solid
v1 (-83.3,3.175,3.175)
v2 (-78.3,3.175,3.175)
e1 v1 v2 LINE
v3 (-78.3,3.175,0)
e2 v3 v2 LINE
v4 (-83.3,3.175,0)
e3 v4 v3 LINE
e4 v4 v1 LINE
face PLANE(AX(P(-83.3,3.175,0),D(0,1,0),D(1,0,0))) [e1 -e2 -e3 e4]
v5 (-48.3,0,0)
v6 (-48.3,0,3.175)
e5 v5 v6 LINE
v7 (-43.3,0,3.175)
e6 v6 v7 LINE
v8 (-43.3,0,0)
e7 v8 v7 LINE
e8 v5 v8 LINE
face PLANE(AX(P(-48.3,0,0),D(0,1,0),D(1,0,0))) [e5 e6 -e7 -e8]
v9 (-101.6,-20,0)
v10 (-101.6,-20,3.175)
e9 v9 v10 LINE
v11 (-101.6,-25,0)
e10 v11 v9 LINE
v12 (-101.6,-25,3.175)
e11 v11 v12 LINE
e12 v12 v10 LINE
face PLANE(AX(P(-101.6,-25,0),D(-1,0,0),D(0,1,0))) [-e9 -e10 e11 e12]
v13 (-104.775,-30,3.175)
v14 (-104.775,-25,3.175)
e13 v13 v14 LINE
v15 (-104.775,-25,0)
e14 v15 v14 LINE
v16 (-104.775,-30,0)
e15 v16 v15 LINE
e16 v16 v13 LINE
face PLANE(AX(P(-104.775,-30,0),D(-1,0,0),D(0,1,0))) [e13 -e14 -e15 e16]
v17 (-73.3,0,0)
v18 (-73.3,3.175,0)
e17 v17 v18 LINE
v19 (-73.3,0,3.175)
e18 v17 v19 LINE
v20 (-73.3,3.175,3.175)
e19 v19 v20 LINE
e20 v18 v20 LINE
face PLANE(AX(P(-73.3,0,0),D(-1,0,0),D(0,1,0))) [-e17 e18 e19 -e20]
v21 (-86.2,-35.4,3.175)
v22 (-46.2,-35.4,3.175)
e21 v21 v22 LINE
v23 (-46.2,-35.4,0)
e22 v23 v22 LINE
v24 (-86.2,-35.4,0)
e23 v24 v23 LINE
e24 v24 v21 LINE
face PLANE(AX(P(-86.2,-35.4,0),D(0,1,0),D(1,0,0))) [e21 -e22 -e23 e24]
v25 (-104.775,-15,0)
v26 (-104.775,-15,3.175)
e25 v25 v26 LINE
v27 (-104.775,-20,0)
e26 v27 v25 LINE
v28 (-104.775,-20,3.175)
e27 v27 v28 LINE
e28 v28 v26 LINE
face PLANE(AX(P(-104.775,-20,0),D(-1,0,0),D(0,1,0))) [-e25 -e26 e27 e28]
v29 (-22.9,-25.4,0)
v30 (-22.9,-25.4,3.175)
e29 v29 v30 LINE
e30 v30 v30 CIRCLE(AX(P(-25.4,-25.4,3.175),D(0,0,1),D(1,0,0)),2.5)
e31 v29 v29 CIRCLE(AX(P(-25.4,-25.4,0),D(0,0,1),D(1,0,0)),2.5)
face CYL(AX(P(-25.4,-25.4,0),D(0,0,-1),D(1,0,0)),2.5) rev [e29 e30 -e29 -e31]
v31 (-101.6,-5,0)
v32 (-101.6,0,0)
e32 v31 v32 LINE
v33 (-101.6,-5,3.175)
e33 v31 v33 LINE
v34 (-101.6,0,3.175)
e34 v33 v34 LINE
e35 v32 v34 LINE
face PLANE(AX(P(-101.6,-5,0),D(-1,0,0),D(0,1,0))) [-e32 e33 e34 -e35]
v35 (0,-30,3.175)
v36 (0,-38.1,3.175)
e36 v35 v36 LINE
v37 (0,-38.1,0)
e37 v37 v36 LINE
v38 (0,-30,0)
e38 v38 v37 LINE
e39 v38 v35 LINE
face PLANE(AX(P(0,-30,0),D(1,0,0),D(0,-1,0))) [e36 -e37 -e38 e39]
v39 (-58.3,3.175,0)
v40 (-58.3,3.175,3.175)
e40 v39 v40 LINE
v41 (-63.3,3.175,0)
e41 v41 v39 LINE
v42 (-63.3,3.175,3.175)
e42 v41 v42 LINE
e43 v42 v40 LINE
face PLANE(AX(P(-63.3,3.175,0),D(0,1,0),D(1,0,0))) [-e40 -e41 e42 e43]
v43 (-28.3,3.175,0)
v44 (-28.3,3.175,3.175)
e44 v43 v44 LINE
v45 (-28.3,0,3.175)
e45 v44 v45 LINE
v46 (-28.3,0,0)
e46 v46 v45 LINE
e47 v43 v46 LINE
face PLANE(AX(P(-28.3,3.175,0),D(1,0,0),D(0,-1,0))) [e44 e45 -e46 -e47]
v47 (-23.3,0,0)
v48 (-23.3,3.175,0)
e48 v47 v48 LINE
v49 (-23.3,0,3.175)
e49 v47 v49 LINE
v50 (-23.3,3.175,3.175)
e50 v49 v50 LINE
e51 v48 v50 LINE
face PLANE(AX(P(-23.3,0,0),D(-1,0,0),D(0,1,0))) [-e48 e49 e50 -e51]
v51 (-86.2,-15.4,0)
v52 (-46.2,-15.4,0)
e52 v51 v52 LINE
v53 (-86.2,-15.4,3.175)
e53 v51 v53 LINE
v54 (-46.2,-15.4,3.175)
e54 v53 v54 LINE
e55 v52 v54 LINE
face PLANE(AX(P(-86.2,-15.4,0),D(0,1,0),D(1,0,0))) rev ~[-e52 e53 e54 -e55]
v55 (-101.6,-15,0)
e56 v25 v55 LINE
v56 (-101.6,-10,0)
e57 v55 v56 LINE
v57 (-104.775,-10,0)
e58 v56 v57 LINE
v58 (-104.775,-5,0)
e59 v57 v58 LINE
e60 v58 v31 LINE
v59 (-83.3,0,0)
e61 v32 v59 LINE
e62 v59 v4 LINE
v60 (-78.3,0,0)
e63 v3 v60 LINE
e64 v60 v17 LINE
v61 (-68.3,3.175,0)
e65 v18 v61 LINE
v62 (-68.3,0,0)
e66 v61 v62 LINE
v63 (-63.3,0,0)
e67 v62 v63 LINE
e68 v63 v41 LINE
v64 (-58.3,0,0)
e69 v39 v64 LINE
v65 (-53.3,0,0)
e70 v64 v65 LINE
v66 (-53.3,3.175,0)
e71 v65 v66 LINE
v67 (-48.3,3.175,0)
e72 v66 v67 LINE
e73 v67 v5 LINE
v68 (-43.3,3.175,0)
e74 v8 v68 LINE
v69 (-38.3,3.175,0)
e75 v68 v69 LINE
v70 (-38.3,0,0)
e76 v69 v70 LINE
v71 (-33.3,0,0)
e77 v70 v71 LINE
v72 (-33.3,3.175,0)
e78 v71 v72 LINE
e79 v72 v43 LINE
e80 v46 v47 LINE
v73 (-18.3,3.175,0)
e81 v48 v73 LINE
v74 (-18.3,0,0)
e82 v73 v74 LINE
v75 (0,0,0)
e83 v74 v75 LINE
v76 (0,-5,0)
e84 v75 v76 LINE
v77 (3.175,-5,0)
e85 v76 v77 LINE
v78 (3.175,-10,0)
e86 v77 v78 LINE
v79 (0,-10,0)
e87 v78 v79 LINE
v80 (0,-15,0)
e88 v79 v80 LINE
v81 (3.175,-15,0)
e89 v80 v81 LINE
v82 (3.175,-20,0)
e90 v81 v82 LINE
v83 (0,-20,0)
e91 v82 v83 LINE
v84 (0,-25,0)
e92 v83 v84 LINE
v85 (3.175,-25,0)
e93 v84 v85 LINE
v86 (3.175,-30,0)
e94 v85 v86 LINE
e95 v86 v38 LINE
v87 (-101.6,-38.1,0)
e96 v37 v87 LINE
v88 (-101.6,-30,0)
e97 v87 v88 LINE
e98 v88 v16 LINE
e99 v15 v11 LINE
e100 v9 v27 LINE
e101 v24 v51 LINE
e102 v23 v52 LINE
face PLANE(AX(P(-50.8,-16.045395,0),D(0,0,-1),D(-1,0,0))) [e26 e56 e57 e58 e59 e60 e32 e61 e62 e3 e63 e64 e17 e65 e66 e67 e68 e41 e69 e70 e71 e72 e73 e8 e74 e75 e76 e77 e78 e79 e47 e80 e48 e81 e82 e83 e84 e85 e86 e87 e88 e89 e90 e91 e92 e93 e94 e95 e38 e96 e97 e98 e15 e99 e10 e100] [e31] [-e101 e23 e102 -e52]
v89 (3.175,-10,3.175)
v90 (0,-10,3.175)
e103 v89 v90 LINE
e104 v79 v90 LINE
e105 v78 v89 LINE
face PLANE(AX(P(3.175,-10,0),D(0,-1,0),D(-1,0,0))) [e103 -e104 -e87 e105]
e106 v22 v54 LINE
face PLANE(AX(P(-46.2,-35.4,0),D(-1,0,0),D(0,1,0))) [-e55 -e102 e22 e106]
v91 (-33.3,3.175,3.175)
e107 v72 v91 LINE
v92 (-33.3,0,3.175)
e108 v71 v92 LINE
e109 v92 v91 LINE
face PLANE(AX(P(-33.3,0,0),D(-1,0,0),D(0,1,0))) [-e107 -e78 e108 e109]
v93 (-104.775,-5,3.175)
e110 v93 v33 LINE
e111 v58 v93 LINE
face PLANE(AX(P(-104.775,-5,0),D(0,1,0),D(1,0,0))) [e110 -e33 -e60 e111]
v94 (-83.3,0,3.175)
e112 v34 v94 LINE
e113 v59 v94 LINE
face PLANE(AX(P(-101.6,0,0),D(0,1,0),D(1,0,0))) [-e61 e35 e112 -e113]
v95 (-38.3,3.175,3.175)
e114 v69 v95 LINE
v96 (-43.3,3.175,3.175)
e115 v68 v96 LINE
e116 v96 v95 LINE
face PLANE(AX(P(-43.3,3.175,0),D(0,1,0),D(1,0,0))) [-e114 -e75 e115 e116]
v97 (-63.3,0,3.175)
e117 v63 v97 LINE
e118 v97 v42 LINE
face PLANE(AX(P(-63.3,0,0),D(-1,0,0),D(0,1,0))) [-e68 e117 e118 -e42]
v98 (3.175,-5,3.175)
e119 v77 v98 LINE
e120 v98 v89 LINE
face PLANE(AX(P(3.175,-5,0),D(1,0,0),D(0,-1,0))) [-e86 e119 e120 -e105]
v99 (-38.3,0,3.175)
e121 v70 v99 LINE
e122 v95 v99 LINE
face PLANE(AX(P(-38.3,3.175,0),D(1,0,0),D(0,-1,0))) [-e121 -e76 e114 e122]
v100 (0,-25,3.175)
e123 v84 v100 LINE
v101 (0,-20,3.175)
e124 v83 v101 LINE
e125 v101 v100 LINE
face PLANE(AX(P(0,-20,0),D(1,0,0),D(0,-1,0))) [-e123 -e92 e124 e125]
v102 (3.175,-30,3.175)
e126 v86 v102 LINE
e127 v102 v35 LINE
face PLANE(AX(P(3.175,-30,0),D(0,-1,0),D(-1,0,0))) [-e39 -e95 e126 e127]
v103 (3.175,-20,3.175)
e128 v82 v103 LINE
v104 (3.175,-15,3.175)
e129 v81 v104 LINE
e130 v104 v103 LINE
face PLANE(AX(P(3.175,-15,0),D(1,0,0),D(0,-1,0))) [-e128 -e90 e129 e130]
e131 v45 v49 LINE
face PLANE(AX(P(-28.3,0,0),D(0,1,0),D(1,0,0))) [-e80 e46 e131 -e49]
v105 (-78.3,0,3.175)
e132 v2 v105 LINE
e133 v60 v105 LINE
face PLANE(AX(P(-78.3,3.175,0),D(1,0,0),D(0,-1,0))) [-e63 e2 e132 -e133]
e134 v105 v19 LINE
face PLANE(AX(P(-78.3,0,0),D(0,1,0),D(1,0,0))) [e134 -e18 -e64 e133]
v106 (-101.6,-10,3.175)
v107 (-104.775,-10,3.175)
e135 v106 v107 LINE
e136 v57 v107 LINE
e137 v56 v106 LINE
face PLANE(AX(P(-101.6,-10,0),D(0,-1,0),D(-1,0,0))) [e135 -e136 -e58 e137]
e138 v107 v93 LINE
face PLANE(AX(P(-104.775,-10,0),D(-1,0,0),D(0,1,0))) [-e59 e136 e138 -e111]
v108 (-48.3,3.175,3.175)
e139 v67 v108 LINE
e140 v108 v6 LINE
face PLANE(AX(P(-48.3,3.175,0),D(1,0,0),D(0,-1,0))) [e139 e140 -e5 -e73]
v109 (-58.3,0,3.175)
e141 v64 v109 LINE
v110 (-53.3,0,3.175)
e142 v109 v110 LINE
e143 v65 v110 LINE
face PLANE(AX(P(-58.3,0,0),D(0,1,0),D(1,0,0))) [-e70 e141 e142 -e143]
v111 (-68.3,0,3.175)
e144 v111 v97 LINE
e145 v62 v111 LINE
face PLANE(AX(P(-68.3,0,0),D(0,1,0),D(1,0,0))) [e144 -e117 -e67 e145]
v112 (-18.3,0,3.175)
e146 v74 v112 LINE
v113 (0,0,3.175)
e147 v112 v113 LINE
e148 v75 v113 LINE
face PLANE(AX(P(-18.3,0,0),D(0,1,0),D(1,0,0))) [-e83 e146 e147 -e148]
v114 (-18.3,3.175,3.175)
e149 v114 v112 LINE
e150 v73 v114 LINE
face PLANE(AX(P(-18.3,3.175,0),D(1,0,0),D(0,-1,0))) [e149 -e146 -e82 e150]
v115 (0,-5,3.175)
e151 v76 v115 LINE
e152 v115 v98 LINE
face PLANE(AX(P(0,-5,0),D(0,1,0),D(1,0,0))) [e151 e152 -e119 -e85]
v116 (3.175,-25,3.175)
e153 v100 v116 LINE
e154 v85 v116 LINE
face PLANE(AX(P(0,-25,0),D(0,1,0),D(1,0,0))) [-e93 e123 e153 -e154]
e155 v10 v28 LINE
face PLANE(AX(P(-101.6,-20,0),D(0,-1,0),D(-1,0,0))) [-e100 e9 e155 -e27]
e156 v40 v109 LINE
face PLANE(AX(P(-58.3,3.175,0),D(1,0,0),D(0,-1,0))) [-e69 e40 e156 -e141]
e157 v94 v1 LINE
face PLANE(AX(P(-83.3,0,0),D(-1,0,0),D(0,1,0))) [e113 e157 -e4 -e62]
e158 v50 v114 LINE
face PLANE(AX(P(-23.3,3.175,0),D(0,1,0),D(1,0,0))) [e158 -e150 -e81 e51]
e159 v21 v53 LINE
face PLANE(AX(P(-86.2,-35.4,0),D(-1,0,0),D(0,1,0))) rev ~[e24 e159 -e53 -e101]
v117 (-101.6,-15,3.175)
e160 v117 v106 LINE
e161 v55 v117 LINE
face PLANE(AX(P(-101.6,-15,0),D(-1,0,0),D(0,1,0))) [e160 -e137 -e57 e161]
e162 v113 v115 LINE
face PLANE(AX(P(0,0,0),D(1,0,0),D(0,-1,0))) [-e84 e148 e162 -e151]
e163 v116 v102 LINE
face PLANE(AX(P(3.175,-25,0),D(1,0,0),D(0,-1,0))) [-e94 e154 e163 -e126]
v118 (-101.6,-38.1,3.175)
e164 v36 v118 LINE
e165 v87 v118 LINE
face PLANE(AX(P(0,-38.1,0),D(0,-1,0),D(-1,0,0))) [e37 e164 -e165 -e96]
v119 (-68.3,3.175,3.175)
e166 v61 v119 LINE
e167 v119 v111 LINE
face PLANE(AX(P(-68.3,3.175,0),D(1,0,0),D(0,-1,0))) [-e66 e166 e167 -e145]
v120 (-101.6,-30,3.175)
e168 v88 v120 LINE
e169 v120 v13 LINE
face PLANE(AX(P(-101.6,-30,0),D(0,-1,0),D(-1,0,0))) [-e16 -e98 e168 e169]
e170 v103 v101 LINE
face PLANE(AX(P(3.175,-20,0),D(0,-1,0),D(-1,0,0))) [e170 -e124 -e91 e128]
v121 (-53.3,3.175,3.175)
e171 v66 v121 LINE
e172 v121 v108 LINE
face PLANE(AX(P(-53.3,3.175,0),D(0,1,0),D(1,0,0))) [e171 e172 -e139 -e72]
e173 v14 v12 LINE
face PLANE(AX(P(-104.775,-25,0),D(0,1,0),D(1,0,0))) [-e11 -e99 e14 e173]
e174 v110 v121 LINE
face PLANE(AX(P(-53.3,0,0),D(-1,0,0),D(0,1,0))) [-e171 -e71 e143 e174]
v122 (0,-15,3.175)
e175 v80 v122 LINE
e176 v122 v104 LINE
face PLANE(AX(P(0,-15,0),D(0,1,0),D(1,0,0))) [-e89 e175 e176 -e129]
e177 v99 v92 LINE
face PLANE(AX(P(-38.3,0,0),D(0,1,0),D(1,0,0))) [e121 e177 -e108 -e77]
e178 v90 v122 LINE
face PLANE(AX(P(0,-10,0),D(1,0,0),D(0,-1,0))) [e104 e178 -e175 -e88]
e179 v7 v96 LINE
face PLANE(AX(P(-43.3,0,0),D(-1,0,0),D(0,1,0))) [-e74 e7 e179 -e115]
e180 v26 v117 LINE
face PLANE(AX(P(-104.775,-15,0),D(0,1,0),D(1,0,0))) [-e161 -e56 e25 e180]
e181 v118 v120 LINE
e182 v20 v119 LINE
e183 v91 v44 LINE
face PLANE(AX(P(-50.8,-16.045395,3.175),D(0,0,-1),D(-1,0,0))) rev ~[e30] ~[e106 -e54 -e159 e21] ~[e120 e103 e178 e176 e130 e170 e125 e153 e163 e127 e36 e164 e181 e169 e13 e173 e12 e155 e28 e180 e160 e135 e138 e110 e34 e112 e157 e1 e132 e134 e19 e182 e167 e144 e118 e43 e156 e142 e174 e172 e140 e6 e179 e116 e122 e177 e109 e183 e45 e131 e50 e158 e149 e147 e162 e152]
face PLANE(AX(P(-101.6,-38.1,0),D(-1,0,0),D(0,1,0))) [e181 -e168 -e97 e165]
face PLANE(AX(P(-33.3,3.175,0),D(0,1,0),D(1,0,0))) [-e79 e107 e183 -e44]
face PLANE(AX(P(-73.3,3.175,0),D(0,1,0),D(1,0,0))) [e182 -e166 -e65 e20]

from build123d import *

# Parameters (mm, degrees)
SKETCH1_R           = 2.5
SKETCH1_W           = 40
SKETCH1_H           = 20
BOSS_EXTRUDE1_DEPTH = 3.175


with BuildPart() as part:
    # Sketch1 → Boss-Extrude1 (new body)
    with BuildSketch(Plane.XY):
        Polygon((-101.6, 0), (-83.3, 0), (-83.3, 3.175), (-78.3, 3.175), (-78.3, 0), (-73.3, 0), (-73.3, 3.175), (-68.3, 3.175), (-68.3, 0), (-63.3, 0), (-63.3, 3.175), (-58.3, 3.175), (-58.3, 0), (-53.3, 0), (-53.3, 3.175), (-48.3, 3.175), (-48.3, 0), (-43.3, 0), (-43.3, 3.175), (-38.3, 3.175), (-38.3, 0), (-33.3, 0), (-33.3, 3.175), (-28.3, 3.175), (-28.3, 0), (-23.3, 0), (-23.3, 3.175), (-18.3, 3.175), (-18.3, 0), (0, 0), (0, -5), (3.175, -5), (3.175, -10), (0, -10), (0, -15), (3.175, -15), (3.175, -20), (0, -20), (0, -25), (3.175, -25), (3.175, -30), (0, -30), (0, -38.1), (-101.6, -38.1), (-101.6, -30), (-104.775, -30), (-104.775, -25), (-101.6, -25), (-101.6, -20), (-104.775, -20), (-104.775, -15), (-101.6, -15), (-101.6, -10), (-104.775, -10), (-104.775, -5), (-101.6, -5), align=None)
        with Locations((-25.4, -25.4)):
            Circle(SKETCH1_R, mode=Mode.SUBTRACT)
        with Locations((-66.2, -25.4)):
            Rectangle(SKETCH1_W, SKETCH1_H, mode=Mode.SUBTRACT)
    extrude(amount=BOSS_EXTRUDE1_DEPTH)


solid = part.part
